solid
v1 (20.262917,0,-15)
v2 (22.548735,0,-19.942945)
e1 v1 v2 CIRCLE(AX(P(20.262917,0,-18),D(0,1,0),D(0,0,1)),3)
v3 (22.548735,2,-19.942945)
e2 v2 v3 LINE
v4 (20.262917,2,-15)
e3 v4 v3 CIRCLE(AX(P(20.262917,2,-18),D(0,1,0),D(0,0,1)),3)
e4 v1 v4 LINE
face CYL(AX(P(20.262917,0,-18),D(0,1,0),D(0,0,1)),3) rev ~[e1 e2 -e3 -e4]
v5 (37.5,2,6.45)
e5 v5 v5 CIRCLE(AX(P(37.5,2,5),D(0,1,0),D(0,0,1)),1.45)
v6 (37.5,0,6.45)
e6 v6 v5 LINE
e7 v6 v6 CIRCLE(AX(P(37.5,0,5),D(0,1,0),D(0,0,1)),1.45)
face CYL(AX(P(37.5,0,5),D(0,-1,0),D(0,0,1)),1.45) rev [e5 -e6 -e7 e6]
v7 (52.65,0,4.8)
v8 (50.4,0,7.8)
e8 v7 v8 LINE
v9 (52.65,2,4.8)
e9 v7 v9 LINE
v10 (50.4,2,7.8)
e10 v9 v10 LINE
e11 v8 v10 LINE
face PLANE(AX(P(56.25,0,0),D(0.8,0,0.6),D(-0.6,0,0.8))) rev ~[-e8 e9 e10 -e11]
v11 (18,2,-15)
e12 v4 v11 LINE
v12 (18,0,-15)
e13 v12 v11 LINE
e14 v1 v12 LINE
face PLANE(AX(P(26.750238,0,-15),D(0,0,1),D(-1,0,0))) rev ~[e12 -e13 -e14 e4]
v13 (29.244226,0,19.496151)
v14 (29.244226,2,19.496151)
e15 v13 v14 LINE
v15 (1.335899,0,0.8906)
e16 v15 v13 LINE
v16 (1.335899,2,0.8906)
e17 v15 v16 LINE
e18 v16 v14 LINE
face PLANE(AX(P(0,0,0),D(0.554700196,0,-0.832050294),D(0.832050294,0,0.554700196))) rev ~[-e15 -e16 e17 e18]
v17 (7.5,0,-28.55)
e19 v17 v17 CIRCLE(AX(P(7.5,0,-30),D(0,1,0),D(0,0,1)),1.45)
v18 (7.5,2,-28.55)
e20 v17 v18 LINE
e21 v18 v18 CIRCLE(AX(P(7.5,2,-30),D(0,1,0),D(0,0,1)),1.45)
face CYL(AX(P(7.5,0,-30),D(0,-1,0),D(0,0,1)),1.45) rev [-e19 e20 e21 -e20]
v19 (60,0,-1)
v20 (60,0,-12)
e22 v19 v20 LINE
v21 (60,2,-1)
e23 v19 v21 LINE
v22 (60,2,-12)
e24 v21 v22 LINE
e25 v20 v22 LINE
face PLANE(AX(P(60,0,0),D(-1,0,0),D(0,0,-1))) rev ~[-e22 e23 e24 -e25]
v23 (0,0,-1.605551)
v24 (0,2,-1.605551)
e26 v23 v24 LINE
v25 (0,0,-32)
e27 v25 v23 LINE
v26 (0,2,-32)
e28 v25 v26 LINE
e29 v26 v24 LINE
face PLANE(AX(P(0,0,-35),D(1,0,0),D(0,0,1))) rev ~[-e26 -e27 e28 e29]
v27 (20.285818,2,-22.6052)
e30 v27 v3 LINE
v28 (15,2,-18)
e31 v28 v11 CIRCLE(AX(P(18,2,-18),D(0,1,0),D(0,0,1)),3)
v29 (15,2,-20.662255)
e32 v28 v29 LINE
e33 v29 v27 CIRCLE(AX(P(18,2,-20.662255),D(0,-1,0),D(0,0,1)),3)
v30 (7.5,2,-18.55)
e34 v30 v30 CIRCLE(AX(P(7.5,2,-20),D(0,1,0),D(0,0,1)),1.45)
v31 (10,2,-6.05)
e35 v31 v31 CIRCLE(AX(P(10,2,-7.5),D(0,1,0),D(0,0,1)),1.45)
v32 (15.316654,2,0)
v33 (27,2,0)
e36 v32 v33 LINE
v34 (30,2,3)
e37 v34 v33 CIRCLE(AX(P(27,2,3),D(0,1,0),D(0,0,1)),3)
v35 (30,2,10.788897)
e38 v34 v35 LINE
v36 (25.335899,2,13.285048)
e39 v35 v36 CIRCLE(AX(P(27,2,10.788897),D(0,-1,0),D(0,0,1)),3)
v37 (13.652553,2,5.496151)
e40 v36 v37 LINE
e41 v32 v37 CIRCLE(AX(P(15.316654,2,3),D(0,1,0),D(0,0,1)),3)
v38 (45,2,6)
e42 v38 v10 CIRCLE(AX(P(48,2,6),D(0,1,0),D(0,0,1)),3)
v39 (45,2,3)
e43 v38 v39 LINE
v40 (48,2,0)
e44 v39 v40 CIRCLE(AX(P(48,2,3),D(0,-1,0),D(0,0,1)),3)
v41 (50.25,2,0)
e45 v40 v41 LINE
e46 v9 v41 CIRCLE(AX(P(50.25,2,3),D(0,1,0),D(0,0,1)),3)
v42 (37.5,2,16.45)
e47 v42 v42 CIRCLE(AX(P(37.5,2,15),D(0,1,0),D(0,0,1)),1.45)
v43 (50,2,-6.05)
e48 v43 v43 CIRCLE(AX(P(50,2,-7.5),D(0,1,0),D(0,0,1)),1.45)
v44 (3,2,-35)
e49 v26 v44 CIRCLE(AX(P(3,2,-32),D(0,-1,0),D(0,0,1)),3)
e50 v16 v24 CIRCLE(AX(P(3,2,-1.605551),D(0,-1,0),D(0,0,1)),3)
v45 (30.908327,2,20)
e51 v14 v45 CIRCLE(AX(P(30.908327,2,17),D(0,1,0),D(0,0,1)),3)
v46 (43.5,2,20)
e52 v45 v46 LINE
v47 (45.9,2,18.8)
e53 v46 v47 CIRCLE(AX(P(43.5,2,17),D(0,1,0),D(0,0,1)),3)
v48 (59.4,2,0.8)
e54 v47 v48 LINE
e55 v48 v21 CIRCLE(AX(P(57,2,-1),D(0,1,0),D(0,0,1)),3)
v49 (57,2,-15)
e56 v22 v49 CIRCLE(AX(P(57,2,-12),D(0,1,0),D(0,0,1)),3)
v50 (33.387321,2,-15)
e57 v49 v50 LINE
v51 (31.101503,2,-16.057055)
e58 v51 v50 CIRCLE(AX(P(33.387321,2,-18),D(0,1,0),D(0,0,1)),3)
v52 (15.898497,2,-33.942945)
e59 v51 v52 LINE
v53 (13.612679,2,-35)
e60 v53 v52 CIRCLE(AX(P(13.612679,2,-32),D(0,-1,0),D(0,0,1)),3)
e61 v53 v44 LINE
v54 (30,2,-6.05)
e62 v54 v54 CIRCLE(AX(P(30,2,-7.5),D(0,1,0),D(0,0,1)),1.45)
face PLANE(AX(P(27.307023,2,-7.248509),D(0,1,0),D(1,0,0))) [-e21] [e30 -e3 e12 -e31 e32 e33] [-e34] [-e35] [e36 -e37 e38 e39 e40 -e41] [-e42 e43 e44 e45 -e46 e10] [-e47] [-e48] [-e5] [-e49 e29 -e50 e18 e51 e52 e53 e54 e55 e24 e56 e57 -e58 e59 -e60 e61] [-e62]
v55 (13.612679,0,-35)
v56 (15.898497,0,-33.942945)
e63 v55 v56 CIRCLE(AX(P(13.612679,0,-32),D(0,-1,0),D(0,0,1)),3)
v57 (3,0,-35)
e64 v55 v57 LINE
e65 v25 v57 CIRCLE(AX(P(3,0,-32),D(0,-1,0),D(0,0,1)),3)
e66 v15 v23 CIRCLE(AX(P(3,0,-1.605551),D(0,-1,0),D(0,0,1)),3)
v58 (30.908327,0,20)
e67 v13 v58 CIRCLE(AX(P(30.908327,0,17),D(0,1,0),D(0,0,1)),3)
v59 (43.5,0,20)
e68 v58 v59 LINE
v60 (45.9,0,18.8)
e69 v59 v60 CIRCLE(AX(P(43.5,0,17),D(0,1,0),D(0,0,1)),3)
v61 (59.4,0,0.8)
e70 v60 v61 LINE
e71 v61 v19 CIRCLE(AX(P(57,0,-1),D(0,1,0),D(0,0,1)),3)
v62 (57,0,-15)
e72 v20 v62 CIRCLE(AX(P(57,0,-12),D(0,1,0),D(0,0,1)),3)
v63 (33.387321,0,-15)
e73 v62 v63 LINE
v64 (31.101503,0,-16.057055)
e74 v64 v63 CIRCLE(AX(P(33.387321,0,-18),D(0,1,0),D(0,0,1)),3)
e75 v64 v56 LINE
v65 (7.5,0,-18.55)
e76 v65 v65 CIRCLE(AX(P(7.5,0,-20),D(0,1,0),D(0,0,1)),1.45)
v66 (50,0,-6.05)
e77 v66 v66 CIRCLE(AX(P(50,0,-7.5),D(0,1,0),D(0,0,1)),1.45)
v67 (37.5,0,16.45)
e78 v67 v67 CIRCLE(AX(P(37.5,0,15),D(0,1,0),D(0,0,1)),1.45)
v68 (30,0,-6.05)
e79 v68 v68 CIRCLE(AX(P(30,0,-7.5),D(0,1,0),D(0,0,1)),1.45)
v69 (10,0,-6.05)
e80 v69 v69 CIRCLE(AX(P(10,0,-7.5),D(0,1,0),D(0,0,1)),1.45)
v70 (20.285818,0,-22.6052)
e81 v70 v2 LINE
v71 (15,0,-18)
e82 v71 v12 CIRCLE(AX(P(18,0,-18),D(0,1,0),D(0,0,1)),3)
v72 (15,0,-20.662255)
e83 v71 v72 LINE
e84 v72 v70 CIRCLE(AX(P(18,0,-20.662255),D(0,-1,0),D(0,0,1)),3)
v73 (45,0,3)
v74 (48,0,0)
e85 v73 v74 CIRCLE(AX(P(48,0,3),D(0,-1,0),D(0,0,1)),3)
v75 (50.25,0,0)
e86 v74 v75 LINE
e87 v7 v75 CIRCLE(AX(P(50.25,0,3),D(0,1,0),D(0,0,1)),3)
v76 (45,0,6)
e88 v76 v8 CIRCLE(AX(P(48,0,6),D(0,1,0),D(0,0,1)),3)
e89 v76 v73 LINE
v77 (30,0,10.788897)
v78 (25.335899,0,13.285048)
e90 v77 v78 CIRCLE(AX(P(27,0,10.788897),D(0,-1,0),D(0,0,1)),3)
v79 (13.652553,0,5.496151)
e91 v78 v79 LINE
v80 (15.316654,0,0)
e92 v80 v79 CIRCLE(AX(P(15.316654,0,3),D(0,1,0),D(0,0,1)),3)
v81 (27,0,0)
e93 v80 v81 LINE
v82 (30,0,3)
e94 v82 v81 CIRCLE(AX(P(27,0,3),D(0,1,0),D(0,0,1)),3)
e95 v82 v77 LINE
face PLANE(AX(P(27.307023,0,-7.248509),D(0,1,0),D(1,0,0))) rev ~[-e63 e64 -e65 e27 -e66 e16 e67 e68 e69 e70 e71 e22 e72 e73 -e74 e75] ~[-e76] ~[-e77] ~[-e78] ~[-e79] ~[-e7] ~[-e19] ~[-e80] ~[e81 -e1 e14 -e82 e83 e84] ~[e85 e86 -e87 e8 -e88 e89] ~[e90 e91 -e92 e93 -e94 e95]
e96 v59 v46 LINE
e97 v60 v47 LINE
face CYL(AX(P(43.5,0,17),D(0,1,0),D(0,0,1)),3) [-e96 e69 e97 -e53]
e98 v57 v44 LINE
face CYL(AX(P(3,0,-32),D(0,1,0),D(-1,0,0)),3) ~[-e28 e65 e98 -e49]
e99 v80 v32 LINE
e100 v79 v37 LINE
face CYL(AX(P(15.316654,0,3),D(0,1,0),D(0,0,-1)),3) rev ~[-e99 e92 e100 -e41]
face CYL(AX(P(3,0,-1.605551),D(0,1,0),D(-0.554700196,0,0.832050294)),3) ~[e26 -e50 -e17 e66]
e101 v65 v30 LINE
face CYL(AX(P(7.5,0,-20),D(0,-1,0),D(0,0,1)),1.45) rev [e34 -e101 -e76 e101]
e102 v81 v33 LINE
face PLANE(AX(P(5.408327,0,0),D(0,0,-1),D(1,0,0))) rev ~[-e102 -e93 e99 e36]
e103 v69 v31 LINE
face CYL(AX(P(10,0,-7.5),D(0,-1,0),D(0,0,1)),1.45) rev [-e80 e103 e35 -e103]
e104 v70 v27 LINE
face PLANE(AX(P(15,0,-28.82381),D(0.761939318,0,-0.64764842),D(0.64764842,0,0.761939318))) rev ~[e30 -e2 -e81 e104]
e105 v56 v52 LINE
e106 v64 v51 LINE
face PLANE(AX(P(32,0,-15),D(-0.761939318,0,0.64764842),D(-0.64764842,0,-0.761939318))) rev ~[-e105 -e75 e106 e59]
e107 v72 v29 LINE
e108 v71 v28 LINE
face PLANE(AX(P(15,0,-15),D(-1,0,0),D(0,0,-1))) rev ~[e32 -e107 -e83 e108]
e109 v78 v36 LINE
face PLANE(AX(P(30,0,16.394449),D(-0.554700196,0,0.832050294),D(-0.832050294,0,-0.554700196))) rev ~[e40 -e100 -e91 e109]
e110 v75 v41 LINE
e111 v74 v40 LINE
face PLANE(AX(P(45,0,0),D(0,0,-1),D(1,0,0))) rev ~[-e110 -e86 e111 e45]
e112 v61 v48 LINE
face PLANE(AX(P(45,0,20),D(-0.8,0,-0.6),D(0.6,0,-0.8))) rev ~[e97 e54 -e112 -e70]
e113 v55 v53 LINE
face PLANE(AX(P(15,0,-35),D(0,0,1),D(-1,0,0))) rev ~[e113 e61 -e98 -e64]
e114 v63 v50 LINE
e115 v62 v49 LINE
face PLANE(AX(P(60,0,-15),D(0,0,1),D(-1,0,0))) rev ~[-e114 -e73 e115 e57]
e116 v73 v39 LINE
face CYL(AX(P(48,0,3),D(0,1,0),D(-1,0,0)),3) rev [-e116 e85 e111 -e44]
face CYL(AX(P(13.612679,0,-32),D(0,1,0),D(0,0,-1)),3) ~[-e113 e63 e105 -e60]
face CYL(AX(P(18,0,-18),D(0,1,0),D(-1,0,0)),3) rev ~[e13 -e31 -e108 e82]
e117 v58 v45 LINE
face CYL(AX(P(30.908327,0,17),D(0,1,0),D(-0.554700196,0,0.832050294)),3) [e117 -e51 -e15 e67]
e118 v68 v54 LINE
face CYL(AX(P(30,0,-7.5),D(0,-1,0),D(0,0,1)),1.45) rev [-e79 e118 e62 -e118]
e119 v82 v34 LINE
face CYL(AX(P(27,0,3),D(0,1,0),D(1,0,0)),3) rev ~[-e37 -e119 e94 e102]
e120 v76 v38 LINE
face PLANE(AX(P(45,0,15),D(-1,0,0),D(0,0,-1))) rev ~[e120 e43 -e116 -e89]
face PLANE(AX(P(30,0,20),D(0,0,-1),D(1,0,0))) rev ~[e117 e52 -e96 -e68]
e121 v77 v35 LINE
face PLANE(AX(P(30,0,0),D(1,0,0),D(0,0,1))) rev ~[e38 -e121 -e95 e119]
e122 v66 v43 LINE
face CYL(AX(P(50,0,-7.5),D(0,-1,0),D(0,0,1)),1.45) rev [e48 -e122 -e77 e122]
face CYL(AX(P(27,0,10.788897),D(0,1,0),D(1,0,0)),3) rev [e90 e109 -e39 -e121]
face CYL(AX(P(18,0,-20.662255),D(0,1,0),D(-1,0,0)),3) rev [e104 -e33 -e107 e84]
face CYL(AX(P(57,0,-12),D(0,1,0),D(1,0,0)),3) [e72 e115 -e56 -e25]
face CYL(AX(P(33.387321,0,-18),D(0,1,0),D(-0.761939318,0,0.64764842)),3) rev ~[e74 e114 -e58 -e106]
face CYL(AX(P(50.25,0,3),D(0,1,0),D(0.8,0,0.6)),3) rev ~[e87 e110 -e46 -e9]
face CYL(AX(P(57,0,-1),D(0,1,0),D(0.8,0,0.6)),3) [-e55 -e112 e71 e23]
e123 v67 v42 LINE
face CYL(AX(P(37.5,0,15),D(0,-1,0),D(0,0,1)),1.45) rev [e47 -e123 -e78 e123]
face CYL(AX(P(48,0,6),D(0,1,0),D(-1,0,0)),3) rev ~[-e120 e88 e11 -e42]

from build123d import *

# Parameters (mm, degrees)
SKETCH_1_R      = 1.45
EXTRUDE_1_DEPTH = 2
FILLET_1_R      = 3


with BuildPart() as part:
    # 草图1 → 凸台-拉伸1 (new body)
    with BuildSketch(Plane(origin=(0, 0, 0), x_dir=(1, 0, 0), z_dir=(0, 1, 0))):
        Polygon((0, 15), (0, 0), (30, -20), (45, -20), (60, 0), (60, 15), (52.613356649, 15), (45, 15), (32, 15), (15, 35), (0, 35), align=None)
        Polygon((30, -16.394448725), (5.408326913, 0), (30, 0), align=None, mode=Mode.SUBTRACT)
        with Locations(Location((37.5, -15, 0), (0, 0, 270))):
            Circle(SKETCH_1_R, mode=Mode.SUBTRACT)
        Polygon((45, 0), (56.25, 0), (45, -15), align=None, mode=Mode.SUBTRACT)
        with Locations(Location((37.5, -5, 0), (0, 0, 270))):
            Circle(SKETCH_1_R, mode=Mode.SUBTRACT)
        with Locations(Location((10, 7.5, 0), (0, 0, 270))):
            Circle(SKETCH_1_R, mode=Mode.SUBTRACT)
        with Locations(Location((7.5, 20, 0), (0, 0, 270))):
            Circle(SKETCH_1_R, mode=Mode.SUBTRACT)
        with Locations(Location((7.5, 30, 0), (0, 0, 270))):
            Circle(SKETCH_1_R, mode=Mode.SUBTRACT)
        Polygon((15, 28.82380953), (26.750238101, 15), (15, 15), align=None, mode=Mode.SUBTRACT)
        with Locations(Location((30, 7.5, 0), (0, 0, 270))):
            Circle(SKETCH_1_R, mode=Mode.SUBTRACT)
        with Locations(Location((50, 7.5, 0), (0, 0, 270))):
            Circle(SKETCH_1_R, mode=Mode.SUBTRACT)
    extrude(amount=EXTRUDE_1_DEPTH)

    # 圆角1
    fillet_1_edges = [part.edges().sort_by_distance(p)[0] for p in [
        (15, 1, -15),
        (26.750238101, 1, -15),
        (15, 1, -28.82380953),
        (45, 1, 15),
        (56.25, 1, 0),
        (45, 1, 0),
        (30, 1, 0),
        (5.408326913, 1, 0),
        (30, 1, 16.394448725),
        (60, 1, -15),
        (60, 1, 0),
        (45, 1, 20),
        (30, 1, 20),
        (0, 1, 0),
        (0, 1, -35),
        (15, 1, -35),
        (32, 1, -15),
    ]]
    fillet(fillet_1_edges, radius=FILLET_1_R)


solid = part.part
